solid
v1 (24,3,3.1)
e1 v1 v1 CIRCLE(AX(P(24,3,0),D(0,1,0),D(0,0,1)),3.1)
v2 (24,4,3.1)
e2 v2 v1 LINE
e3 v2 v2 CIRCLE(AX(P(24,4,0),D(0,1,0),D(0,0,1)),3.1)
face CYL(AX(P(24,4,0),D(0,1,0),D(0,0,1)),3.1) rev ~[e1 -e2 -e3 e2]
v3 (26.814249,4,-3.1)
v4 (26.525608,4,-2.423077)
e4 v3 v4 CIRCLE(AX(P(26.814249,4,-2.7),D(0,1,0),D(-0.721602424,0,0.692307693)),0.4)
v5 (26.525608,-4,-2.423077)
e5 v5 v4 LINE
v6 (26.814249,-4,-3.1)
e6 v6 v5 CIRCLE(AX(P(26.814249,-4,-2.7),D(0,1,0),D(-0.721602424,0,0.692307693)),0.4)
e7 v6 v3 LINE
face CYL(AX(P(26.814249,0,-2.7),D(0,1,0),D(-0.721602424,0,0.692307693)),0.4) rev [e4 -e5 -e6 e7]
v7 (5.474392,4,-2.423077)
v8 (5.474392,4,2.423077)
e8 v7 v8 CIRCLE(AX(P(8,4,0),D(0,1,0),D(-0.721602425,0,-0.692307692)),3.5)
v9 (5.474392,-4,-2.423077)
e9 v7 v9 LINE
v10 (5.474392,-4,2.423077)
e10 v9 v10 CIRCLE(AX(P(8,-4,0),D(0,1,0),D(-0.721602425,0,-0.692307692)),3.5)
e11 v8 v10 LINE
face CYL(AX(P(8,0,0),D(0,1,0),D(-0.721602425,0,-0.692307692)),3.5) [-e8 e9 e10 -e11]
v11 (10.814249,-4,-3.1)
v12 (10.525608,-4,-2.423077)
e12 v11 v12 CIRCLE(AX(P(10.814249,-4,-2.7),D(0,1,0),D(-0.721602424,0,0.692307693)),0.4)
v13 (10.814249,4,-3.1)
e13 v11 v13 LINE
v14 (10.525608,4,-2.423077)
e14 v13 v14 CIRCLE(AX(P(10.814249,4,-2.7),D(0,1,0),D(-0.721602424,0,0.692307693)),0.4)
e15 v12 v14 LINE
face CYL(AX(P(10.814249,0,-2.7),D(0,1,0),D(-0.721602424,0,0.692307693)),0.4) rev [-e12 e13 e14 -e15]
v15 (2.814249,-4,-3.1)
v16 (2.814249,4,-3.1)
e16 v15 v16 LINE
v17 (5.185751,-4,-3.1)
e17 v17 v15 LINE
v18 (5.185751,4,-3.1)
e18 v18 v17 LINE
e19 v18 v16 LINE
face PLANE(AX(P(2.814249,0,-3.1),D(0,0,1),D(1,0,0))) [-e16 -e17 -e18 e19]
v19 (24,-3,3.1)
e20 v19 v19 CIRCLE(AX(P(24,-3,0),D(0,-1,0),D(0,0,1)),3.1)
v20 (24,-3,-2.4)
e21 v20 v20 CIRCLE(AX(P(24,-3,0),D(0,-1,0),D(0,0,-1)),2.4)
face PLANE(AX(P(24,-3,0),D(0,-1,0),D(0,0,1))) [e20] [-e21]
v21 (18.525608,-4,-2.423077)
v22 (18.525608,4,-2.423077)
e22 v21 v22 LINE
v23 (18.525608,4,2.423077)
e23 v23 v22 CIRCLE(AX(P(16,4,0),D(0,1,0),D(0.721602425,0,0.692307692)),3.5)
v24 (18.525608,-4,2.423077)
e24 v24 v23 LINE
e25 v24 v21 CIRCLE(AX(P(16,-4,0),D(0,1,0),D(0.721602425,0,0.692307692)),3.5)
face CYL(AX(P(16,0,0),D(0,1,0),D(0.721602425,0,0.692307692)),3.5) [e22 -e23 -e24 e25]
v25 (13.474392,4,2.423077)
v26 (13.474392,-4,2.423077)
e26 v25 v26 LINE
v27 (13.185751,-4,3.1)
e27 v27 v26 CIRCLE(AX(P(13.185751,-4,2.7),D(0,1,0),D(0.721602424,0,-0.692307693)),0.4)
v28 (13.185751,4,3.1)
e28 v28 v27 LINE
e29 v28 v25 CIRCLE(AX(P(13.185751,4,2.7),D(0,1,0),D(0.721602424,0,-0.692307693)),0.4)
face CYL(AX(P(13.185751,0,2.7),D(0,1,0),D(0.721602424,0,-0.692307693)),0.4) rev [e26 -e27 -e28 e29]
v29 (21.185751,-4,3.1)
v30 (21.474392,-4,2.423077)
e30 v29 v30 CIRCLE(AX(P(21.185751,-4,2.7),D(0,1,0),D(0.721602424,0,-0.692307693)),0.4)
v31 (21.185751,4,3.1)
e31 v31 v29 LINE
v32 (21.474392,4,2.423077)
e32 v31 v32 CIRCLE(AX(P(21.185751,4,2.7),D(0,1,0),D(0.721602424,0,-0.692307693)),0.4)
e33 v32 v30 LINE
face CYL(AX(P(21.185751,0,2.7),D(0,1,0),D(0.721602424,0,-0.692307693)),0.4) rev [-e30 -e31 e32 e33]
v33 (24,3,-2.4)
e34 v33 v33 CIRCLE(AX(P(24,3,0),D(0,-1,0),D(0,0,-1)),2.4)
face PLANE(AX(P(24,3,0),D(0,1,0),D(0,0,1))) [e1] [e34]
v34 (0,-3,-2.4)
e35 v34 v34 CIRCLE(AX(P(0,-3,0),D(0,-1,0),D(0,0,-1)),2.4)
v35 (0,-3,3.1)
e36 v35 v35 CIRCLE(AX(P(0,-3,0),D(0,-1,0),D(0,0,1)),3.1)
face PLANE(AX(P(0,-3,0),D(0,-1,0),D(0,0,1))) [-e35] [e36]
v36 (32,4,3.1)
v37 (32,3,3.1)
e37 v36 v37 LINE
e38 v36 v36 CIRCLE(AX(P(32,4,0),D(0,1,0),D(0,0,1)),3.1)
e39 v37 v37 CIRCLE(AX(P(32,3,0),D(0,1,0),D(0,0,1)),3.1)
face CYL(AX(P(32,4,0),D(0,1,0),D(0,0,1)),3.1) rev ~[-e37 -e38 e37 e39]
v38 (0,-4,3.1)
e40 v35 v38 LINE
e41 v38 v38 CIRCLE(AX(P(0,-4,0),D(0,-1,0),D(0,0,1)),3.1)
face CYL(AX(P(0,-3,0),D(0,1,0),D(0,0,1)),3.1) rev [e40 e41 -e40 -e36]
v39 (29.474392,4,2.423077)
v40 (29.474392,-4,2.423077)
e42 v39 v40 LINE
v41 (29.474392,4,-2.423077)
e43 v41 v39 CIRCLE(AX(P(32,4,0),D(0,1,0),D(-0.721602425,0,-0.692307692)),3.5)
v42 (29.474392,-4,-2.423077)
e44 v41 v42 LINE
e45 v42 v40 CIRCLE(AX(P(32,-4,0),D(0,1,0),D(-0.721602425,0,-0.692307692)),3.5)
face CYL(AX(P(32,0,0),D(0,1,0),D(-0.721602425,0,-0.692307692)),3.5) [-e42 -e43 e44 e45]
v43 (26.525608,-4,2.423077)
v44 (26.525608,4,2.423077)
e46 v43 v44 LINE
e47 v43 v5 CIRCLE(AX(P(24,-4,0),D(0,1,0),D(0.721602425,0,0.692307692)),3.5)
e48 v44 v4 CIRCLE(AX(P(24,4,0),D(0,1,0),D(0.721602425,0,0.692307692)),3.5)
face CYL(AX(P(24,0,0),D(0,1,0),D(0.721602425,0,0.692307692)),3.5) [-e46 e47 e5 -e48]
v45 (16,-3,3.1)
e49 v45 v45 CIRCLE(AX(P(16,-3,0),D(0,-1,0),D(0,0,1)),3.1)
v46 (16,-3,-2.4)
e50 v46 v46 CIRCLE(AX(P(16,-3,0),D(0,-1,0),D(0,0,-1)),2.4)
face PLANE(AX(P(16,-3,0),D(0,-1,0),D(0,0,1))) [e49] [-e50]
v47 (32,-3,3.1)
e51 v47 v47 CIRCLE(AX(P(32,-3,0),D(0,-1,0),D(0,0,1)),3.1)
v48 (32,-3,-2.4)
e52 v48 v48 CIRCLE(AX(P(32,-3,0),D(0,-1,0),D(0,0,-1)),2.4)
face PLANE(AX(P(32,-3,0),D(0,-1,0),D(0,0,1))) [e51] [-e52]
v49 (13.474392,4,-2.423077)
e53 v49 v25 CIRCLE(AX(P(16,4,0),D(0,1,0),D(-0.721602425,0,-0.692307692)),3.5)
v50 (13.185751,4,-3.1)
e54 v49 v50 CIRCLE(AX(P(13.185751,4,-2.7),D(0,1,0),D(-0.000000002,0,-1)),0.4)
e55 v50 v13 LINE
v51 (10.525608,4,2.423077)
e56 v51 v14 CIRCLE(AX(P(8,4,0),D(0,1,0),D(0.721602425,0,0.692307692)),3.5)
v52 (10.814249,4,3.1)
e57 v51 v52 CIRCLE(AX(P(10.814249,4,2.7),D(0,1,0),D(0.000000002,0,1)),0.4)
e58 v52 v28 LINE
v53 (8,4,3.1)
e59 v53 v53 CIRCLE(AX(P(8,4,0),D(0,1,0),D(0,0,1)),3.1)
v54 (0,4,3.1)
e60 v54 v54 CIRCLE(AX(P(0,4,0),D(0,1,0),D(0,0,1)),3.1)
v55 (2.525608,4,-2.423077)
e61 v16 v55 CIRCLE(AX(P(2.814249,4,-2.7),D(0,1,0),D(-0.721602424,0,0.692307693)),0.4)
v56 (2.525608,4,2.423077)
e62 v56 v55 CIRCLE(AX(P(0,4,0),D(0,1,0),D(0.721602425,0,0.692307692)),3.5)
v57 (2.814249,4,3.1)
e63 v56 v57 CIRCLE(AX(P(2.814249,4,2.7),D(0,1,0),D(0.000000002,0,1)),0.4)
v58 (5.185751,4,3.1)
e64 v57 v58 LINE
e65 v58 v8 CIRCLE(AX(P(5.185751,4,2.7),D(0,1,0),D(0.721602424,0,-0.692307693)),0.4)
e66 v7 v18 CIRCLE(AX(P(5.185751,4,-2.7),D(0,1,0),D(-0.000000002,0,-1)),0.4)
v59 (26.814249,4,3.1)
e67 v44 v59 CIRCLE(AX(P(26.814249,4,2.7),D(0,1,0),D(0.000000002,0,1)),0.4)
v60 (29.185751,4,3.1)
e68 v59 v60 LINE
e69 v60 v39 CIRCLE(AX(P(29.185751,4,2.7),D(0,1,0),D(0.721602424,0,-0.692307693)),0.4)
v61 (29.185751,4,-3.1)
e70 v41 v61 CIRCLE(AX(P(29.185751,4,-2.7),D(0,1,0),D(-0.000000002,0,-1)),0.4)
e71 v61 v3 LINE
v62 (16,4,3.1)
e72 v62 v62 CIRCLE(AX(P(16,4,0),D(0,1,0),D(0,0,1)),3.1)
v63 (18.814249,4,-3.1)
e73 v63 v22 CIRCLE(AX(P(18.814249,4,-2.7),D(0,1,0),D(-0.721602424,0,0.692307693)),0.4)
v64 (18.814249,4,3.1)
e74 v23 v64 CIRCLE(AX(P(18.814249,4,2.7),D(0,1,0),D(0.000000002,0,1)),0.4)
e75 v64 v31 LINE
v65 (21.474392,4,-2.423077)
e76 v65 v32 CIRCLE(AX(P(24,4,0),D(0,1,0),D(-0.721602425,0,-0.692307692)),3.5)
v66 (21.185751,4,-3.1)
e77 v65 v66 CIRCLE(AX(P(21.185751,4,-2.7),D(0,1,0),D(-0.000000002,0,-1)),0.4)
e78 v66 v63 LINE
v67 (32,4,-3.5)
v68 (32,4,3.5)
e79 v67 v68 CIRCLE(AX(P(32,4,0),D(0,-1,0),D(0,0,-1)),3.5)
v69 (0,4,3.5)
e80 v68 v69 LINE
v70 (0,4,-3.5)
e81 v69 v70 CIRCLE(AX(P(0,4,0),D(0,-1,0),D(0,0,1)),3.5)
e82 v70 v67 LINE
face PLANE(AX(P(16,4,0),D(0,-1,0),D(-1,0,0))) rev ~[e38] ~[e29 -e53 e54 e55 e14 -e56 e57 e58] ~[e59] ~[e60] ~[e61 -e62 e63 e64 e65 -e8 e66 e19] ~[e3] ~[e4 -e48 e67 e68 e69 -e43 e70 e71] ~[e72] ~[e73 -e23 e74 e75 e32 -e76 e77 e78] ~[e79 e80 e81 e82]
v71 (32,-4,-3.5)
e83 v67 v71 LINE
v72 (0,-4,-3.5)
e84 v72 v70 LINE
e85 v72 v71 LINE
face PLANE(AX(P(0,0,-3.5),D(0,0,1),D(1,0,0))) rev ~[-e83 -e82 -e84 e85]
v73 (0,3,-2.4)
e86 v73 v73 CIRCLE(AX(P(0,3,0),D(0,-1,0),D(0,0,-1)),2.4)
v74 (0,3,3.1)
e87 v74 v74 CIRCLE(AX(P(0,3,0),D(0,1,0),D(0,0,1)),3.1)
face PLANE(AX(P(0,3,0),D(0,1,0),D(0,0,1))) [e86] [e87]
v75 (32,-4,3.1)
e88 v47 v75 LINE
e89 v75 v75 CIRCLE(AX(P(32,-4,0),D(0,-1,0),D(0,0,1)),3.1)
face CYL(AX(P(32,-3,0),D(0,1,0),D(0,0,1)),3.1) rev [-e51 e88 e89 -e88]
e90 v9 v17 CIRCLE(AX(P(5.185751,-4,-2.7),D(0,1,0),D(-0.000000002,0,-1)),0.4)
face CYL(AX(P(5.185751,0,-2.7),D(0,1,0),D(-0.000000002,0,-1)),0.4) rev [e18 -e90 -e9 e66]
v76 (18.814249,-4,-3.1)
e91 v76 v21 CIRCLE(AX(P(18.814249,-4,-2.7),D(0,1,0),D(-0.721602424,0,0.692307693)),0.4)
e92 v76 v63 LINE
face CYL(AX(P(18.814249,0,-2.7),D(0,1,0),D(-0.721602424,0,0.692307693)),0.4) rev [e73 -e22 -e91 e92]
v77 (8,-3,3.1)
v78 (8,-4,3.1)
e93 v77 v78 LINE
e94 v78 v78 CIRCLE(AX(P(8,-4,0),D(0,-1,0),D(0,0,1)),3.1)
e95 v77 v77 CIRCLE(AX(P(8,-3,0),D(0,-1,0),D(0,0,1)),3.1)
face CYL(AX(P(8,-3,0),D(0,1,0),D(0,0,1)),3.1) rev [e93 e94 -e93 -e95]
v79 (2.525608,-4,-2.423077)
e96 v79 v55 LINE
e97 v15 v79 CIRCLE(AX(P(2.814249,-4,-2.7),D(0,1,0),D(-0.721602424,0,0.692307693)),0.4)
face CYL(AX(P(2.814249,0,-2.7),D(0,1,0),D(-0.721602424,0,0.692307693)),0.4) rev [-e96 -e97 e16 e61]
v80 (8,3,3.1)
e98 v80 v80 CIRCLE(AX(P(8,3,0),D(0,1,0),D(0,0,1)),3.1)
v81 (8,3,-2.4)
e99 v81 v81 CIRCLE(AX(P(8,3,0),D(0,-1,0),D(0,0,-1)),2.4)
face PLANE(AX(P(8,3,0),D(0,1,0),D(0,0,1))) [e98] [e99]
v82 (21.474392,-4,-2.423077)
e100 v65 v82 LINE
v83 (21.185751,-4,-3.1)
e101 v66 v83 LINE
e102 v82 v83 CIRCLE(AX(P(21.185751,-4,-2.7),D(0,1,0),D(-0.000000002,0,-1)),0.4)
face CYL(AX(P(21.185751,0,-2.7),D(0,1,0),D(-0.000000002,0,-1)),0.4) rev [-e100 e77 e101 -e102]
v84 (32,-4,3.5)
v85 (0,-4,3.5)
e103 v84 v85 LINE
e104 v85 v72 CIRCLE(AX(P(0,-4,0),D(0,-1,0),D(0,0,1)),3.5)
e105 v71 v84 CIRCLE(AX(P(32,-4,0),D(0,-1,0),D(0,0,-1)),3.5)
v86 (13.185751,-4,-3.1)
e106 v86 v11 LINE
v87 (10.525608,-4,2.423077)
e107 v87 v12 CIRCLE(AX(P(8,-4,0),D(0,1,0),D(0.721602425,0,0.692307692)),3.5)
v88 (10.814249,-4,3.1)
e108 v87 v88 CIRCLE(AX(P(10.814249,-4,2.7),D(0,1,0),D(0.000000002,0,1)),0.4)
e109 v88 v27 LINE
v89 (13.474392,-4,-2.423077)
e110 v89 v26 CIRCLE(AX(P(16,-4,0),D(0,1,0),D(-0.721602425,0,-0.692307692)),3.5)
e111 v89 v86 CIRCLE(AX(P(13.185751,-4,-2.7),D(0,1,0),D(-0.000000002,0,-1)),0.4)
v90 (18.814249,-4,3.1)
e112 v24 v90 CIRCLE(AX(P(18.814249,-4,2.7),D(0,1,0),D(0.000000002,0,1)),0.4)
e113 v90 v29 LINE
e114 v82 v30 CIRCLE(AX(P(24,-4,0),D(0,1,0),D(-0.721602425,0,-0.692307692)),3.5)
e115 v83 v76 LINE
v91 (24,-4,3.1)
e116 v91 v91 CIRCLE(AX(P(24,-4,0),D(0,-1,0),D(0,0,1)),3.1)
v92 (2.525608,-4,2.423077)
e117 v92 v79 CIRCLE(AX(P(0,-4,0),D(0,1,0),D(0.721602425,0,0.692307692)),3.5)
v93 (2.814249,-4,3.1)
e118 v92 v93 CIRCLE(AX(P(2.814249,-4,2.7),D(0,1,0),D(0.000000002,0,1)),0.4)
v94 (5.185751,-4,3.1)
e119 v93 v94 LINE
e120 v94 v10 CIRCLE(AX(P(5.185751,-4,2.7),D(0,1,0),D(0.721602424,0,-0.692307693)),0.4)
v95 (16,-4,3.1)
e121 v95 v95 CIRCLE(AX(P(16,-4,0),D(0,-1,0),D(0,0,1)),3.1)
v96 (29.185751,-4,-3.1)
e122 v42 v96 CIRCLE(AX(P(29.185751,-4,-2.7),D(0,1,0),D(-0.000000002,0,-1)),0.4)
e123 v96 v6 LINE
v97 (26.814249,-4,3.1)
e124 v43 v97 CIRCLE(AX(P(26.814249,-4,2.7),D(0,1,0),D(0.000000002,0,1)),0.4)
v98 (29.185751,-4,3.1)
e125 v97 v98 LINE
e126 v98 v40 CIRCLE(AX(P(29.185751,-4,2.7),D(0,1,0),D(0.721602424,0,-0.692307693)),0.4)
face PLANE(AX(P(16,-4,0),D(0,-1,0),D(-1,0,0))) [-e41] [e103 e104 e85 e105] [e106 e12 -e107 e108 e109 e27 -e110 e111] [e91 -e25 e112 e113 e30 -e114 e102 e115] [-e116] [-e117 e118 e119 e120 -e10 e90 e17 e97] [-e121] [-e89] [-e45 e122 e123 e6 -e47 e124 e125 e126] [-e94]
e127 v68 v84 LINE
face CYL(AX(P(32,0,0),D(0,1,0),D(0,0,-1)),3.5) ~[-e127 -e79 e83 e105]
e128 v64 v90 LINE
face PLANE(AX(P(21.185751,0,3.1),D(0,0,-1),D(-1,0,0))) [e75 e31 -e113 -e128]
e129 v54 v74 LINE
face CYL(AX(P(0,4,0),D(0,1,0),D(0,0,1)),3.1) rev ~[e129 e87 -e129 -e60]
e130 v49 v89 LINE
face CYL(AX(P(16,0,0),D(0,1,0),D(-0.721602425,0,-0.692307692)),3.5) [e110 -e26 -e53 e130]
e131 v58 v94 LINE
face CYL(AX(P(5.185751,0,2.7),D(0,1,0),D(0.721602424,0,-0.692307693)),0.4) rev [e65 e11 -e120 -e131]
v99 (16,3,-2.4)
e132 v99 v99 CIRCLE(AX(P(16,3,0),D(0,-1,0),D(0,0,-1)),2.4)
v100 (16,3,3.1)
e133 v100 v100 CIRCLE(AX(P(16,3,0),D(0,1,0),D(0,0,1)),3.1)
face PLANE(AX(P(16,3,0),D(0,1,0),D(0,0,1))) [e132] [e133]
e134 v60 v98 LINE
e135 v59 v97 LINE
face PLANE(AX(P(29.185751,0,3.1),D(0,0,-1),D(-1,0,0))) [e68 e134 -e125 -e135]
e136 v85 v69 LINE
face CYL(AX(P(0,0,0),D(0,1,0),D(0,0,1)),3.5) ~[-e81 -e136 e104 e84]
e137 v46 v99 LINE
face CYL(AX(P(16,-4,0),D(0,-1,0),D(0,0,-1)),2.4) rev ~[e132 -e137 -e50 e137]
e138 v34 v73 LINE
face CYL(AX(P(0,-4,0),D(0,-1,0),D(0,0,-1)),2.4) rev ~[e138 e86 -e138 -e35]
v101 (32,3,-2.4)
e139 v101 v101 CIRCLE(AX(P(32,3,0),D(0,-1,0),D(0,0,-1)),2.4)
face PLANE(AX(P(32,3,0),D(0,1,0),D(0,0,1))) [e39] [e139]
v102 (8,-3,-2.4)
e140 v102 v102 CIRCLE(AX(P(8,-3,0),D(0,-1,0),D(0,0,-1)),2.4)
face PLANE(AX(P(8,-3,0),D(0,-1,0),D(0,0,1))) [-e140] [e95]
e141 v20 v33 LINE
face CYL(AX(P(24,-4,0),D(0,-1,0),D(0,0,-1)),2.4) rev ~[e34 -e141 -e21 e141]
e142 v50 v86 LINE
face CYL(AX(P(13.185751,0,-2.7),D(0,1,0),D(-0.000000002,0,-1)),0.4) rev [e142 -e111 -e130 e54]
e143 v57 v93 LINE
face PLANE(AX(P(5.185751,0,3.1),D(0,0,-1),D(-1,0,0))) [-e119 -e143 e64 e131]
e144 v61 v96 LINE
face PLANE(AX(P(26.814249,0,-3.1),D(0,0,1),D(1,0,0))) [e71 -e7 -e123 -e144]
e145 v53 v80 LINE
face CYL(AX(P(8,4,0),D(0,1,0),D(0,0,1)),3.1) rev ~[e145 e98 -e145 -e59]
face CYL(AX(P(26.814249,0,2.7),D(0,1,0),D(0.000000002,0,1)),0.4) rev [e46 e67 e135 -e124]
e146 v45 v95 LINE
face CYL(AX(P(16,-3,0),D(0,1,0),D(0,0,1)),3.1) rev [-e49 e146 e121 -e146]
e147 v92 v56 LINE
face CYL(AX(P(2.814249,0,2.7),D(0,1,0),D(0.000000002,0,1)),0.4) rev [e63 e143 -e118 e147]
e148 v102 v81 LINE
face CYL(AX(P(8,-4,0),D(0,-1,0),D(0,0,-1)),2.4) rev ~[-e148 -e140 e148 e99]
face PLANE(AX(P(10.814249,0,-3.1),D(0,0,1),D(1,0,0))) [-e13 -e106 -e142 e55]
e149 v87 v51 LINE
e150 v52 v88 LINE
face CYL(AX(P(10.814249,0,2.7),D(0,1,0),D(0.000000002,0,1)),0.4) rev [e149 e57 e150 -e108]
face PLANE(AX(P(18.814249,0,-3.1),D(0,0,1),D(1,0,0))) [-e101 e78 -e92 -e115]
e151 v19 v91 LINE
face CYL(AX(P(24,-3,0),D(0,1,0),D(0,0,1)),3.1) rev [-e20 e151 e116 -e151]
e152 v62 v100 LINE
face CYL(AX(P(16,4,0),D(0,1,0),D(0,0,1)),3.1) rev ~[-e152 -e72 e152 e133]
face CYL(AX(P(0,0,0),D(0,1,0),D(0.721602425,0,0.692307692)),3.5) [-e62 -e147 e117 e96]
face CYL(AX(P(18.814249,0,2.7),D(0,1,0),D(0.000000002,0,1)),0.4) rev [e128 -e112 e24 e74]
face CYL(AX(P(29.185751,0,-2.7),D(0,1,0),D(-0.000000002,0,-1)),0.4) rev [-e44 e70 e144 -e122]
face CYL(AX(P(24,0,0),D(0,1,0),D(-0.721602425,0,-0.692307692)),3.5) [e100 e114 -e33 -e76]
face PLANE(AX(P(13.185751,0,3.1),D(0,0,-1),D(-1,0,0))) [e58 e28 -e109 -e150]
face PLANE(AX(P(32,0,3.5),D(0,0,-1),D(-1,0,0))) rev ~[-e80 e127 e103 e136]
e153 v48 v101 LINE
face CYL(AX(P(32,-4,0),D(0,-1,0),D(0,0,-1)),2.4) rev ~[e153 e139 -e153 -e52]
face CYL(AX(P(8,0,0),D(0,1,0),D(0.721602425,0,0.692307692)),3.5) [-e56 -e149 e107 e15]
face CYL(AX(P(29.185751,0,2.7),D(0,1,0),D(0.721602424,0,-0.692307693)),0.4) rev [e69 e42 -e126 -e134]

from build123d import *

# Parameters (mm, degrees)
BOSS_EXTRUDE1_DEPTH = 4
SKETCH3_R           = 3.1
CUT_EXTRUDE1_DEPTH  = 1
CUT_EXTRUDE2_START  = -1
SKETCH4_R           = 3.1
CUT_EXTRUDE2_DEPTH  = 1
SKETCH5_R           = 2.4
CUT_EXTRUDE3_DEPTH  = 37.558172821
LPATTERN2_COUNT     = 5
LPATTERN2_PITCH     = 8
CUT_EXTRUDE4_DEPTH  = 36.895682192
LPATTERN3_COUNT     = 4
LPATTERN3_PITCH     = 8


with BuildPart() as part:
    # Sketch2 → Boss-Extrude1 (new, symmetric)
    with BuildSketch(Plane(origin=(0, 0, 0), x_dir=(1, 0, 0), z_dir=(0, 1, 0))):
        with BuildLine():
            Line((0, 3.5), (32, 3.5))
            ThreePointArc((32, 3.5), (35.5, 0), (32, -3.5))
            Line((32, -3.5), (0, -3.5))
            ThreePointArc((0, -3.5), (-3.5, 0), (0, 3.5))
        make_face()
    extrude(amount=BOSS_EXTRUDE1_DEPTH, both=True)

    # Sketch3 → Cut-Extrude1 (cut)
    with BuildSketch(Plane(origin=(0, 4, 0), x_dir=(1, 0, 0), z_dir=(0, 1, 0))):
        with Locations(Location((0, 0, 0), (0, 0, 270))):
            Circle(SKETCH3_R)
    cut_extrude1 = extrude(amount=-CUT_EXTRUDE1_DEPTH, mode=Mode.SUBTRACT)

    # Sketch4 → Cut-Extrude2 (cut)
    with BuildSketch(Plane(origin=(0, -4, 0), x_dir=(-1, 0, 0), z_dir=(0, -1, 0)).offset(CUT_EXTRUDE2_START)):
        with Locations(Location((0, 0, 0), (0, 0, 270))):
            Circle(SKETCH4_R)
    cut_extrude2 = extrude(amount=CUT_EXTRUDE2_DEPTH, mode=Mode.SUBTRACT)

    # Sketch5 → Cut-Extrude3 (cut, through all)
    with BuildSketch(Plane(origin=(0, -4, 0), x_dir=(-1, 0, 0), z_dir=(0, -1, 0))):
        with Locations(Location((0, 0, 0), (0, 0, 90))):
            Circle(SKETCH5_R)
    cut_extrude3 = extrude(amount=-CUT_EXTRUDE3_DEPTH, mode=Mode.SUBTRACT)

    # LPattern2: Cut-Extrude1, Cut-Extrude2, Cut-Extrude3 ×5
    with Locations(*[(i * LPATTERN2_PITCH, 0, 0) for i in range(1, LPATTERN2_COUNT)]):
        add(cut_extrude1, mode=Mode.SUBTRACT)
        add(cut_extrude2, mode=Mode.SUBTRACT)
        add(cut_extrude3, mode=Mode.SUBTRACT)

    # Sketch6 → Cut-Extrude4 (cut, symmetric)
    with BuildSketch(Plane(origin=(0, 0, 0), x_dir=(1, 0, 0), z_dir=(0, 1, 0))):
        with BuildLine():
            Line((2.814249456, 3.1), (5.185750544, 3.1))
            ThreePointArc((5.185750544, 3.1), (5.553697029, 2.856892908), (5.474391514, 2.423076923))
            ThreePointArc((5.474391514, 2.423076923), (4.5, 0), (5.474391514, -2.423076923))
            ThreePointArc((5.474391514, -2.423076923), (5.553697029, -2.856892908), (5.185750544, -3.1))
            Line((5.185750544, -3.1), (2.814249456, -3.1))
            ThreePointArc((2.814249456, -3.1), (2.446302971, -2.856892908), (2.525608486, -2.423076923))
            ThreePointArc((2.525608486, -2.423076923), (3.5, 0), (2.525608486, 2.423076923))
            ThreePointArc((2.525608486, 2.423076923), (2.446302971, 2.856892908), (2.814249456, 3.1))
        make_face()
    cut_extrude4 = extrude(amount=CUT_EXTRUDE4_DEPTH, both=True, mode=Mode.SUBTRACT)

    # LPattern3: Cut-Extrude4 ×4
    with Locations(*[(i * LPATTERN3_PITCH, 0, 0) for i in range(1, LPATTERN3_COUNT)]):
        add(cut_extrude4, mode=Mode.SUBTRACT)


solid = part.part
